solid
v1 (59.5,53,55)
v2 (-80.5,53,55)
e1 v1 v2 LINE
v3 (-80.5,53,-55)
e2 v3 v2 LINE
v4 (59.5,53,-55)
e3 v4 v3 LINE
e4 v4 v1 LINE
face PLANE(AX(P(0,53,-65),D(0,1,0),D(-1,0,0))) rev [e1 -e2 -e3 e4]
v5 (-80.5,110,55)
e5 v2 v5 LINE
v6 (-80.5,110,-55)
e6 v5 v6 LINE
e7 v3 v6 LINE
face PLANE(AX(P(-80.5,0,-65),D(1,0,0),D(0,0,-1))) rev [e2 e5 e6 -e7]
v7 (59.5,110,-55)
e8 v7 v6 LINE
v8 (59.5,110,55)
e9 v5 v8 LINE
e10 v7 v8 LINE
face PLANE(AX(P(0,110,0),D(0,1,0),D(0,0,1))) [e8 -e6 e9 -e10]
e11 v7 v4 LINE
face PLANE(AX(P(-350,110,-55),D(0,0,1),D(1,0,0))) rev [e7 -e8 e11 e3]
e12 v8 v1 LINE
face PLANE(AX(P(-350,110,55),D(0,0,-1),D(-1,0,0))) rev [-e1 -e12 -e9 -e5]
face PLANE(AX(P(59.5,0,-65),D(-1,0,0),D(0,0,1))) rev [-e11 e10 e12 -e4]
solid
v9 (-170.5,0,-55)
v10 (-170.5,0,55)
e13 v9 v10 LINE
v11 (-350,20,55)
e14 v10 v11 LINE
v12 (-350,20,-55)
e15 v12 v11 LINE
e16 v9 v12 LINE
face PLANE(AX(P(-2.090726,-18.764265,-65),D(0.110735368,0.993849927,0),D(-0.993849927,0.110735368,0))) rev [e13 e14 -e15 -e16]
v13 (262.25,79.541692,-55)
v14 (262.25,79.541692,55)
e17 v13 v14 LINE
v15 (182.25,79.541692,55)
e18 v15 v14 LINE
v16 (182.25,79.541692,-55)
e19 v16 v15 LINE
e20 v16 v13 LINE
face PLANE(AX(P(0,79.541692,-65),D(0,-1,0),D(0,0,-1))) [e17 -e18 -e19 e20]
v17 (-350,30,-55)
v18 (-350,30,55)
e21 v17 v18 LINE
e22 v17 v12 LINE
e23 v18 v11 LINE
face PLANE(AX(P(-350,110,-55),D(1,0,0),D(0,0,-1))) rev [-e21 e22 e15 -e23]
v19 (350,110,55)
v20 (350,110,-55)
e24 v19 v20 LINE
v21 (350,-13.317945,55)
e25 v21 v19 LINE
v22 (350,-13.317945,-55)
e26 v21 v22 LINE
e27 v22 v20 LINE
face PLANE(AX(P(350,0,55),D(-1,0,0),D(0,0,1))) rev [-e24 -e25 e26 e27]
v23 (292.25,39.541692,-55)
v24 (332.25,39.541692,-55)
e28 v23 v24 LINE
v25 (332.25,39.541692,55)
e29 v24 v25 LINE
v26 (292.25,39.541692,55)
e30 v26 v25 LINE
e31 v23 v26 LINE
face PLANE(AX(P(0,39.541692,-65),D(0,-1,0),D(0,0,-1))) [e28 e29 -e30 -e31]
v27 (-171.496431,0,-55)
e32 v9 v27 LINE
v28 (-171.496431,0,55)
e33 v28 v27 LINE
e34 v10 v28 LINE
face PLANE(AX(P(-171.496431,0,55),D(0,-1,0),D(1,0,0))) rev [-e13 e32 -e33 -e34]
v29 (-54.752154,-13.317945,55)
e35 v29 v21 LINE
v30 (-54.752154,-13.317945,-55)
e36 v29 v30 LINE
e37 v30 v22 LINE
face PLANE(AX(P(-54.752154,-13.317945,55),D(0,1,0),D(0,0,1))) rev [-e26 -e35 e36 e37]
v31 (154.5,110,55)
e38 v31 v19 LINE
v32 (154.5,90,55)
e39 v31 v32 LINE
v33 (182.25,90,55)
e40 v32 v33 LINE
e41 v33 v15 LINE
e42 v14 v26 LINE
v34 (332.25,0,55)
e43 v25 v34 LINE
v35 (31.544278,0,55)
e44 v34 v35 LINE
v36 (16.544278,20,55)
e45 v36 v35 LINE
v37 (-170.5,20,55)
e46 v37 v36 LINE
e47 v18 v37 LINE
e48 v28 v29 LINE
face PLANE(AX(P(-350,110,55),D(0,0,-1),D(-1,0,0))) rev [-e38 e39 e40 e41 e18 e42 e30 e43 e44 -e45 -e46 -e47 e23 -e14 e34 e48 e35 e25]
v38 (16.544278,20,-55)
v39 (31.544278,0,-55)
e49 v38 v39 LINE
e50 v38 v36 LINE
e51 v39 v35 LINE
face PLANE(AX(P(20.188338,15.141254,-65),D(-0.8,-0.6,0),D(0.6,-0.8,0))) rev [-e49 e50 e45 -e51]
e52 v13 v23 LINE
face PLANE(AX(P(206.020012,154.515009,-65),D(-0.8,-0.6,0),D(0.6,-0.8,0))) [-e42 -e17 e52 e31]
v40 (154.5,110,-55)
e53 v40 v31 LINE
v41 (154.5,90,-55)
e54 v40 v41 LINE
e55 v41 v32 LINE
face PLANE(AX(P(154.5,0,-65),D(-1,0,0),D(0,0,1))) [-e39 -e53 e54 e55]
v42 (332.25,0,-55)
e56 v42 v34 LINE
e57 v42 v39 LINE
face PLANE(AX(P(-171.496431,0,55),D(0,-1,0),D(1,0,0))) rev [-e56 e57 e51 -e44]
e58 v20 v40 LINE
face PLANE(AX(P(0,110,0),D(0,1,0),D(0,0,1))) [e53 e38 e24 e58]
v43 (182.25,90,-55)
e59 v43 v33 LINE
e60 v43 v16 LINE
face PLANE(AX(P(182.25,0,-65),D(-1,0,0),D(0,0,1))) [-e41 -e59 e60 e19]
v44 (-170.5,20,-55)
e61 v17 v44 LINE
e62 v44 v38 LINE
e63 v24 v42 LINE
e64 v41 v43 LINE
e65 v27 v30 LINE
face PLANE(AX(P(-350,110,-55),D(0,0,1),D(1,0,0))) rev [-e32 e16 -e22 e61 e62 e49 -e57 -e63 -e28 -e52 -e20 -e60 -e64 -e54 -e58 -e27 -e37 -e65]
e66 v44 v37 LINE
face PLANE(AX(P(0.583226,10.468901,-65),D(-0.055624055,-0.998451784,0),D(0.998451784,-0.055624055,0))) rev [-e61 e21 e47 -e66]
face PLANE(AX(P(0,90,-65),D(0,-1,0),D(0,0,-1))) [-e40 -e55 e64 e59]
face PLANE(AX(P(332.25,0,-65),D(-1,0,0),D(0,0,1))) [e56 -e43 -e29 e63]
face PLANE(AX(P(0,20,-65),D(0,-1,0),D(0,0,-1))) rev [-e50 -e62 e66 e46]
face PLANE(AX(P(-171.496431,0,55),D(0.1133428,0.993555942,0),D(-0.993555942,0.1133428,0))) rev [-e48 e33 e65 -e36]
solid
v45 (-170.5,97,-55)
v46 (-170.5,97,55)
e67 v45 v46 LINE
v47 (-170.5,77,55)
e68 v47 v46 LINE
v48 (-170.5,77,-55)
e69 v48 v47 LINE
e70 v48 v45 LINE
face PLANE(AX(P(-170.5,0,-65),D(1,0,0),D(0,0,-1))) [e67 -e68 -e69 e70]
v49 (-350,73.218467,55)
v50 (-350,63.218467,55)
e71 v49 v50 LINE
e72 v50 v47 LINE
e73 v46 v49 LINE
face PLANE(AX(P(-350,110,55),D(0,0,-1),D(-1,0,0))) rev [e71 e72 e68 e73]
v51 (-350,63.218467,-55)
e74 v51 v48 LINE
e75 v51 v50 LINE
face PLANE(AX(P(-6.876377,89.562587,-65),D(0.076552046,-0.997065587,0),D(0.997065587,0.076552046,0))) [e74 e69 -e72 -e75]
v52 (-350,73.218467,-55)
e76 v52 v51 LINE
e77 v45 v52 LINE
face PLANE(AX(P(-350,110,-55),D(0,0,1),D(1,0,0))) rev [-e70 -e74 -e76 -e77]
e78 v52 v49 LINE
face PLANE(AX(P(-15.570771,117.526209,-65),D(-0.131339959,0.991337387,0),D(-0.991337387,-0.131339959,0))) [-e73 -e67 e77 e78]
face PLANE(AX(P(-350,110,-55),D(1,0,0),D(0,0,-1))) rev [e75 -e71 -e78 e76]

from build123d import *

# Parameters (mm, degrees)
SKETCH1_W           = 700
SKETCH1_H           = 110
BOSS_EXTRUDE1_DEPTH = 110
CUT_EXTRUDE1_DEPTH  = 120
BOSS_EXTRUDE9_DEPTH = 55


with BuildPart() as part:
    # Sketch1 → Boss-Extrude1 (new body)
    with BuildSketch(Plane(origin=(0, 0, 0), x_dir=(1, 0, 0), z_dir=(0, 1, 0))):
        Rectangle(SKETCH1_W, SKETCH1_H)
    extrude(amount=BOSS_EXTRUDE1_DEPTH)

    # Sketch3 → Cut-Extrude1 (cut)
    with BuildSketch(Plane.XY.offset(55)):
        Polygon((262.25, 79.541692384), (182.25, 79.541692384), (182.25, 90), (154.5, 90), (154.5, 110), (59.5, 110), (59.5, 53), (-80.5, 53), (-80.5, 110), (-350, 110), (-350, 73.218467101), (-170.5, 97), (-170.5, 77), (-350, 63.218467101), (-350, 30), (-170.5, 20), (16.544278488, 20), (31.544278488, 0), (332.25, 0), (332.25, 39.541692384), (292.25, 39.541692384), align=None)
        Polygon((-350, 0), (-170.5, 0), (-350, 20), align=None)
    extrude(amount=-CUT_EXTRUDE1_DEPTH, mode=Mode.SUBTRACT)


with BuildPart() as cut_extrude1_piece_1:
    # of the separate pieces the step leaves, piece 1, a body of its own (cut_extrude1_pieces)
    add(part.part.solids().sort_by_distance((332.25, 0, -55))[0])



with BuildPart() as cut_extrude1_piece_2:
    # of the separate pieces the step leaves, piece 2, a body of its own (cut_extrude1_pieces)
    add(part.part.solids().sort_by_distance((-80.5, 110, -55))[0])


with BuildPart() as cut_extrude1_piece_3:
    # of the separate pieces the step leaves, piece 3, a body of its own (cut_extrude1_pieces)
    add(part.part.solids().sort_by_distance((-350, 20, -55))[0])


with BuildPart() as cut_extrude1_piece_4:
    # of the separate pieces the step leaves, piece 4, a body of its own (cut_extrude1_pieces)
    add(part.part.solids().sort_by_distance((-350, 63.218467101, -55))[0])


with BuildPart() as cut_extrude1_piece_1_1:
    add(cut_extrude1_piece_1.part)

    add(cut_extrude1_piece_3.part)  # Boss-Extrude9 merges Cut-Extrude1 piece 3
    # Sketch5 → Boss-Extrude9 (add, symmetric)
    with BuildSketch(Plane.XY):
        Polygon((-171.496430607, 0), (-54.75215435, -13.317944804), (350, -13.317944804), (350, 0), align=None)
    extrude(amount=BOSS_EXTRUDE9_DEPTH, both=True)


solid = Compound([cut_extrude1_piece_2.part, cut_extrude1_piece_4.part, cut_extrude1_piece_1_1.part])
